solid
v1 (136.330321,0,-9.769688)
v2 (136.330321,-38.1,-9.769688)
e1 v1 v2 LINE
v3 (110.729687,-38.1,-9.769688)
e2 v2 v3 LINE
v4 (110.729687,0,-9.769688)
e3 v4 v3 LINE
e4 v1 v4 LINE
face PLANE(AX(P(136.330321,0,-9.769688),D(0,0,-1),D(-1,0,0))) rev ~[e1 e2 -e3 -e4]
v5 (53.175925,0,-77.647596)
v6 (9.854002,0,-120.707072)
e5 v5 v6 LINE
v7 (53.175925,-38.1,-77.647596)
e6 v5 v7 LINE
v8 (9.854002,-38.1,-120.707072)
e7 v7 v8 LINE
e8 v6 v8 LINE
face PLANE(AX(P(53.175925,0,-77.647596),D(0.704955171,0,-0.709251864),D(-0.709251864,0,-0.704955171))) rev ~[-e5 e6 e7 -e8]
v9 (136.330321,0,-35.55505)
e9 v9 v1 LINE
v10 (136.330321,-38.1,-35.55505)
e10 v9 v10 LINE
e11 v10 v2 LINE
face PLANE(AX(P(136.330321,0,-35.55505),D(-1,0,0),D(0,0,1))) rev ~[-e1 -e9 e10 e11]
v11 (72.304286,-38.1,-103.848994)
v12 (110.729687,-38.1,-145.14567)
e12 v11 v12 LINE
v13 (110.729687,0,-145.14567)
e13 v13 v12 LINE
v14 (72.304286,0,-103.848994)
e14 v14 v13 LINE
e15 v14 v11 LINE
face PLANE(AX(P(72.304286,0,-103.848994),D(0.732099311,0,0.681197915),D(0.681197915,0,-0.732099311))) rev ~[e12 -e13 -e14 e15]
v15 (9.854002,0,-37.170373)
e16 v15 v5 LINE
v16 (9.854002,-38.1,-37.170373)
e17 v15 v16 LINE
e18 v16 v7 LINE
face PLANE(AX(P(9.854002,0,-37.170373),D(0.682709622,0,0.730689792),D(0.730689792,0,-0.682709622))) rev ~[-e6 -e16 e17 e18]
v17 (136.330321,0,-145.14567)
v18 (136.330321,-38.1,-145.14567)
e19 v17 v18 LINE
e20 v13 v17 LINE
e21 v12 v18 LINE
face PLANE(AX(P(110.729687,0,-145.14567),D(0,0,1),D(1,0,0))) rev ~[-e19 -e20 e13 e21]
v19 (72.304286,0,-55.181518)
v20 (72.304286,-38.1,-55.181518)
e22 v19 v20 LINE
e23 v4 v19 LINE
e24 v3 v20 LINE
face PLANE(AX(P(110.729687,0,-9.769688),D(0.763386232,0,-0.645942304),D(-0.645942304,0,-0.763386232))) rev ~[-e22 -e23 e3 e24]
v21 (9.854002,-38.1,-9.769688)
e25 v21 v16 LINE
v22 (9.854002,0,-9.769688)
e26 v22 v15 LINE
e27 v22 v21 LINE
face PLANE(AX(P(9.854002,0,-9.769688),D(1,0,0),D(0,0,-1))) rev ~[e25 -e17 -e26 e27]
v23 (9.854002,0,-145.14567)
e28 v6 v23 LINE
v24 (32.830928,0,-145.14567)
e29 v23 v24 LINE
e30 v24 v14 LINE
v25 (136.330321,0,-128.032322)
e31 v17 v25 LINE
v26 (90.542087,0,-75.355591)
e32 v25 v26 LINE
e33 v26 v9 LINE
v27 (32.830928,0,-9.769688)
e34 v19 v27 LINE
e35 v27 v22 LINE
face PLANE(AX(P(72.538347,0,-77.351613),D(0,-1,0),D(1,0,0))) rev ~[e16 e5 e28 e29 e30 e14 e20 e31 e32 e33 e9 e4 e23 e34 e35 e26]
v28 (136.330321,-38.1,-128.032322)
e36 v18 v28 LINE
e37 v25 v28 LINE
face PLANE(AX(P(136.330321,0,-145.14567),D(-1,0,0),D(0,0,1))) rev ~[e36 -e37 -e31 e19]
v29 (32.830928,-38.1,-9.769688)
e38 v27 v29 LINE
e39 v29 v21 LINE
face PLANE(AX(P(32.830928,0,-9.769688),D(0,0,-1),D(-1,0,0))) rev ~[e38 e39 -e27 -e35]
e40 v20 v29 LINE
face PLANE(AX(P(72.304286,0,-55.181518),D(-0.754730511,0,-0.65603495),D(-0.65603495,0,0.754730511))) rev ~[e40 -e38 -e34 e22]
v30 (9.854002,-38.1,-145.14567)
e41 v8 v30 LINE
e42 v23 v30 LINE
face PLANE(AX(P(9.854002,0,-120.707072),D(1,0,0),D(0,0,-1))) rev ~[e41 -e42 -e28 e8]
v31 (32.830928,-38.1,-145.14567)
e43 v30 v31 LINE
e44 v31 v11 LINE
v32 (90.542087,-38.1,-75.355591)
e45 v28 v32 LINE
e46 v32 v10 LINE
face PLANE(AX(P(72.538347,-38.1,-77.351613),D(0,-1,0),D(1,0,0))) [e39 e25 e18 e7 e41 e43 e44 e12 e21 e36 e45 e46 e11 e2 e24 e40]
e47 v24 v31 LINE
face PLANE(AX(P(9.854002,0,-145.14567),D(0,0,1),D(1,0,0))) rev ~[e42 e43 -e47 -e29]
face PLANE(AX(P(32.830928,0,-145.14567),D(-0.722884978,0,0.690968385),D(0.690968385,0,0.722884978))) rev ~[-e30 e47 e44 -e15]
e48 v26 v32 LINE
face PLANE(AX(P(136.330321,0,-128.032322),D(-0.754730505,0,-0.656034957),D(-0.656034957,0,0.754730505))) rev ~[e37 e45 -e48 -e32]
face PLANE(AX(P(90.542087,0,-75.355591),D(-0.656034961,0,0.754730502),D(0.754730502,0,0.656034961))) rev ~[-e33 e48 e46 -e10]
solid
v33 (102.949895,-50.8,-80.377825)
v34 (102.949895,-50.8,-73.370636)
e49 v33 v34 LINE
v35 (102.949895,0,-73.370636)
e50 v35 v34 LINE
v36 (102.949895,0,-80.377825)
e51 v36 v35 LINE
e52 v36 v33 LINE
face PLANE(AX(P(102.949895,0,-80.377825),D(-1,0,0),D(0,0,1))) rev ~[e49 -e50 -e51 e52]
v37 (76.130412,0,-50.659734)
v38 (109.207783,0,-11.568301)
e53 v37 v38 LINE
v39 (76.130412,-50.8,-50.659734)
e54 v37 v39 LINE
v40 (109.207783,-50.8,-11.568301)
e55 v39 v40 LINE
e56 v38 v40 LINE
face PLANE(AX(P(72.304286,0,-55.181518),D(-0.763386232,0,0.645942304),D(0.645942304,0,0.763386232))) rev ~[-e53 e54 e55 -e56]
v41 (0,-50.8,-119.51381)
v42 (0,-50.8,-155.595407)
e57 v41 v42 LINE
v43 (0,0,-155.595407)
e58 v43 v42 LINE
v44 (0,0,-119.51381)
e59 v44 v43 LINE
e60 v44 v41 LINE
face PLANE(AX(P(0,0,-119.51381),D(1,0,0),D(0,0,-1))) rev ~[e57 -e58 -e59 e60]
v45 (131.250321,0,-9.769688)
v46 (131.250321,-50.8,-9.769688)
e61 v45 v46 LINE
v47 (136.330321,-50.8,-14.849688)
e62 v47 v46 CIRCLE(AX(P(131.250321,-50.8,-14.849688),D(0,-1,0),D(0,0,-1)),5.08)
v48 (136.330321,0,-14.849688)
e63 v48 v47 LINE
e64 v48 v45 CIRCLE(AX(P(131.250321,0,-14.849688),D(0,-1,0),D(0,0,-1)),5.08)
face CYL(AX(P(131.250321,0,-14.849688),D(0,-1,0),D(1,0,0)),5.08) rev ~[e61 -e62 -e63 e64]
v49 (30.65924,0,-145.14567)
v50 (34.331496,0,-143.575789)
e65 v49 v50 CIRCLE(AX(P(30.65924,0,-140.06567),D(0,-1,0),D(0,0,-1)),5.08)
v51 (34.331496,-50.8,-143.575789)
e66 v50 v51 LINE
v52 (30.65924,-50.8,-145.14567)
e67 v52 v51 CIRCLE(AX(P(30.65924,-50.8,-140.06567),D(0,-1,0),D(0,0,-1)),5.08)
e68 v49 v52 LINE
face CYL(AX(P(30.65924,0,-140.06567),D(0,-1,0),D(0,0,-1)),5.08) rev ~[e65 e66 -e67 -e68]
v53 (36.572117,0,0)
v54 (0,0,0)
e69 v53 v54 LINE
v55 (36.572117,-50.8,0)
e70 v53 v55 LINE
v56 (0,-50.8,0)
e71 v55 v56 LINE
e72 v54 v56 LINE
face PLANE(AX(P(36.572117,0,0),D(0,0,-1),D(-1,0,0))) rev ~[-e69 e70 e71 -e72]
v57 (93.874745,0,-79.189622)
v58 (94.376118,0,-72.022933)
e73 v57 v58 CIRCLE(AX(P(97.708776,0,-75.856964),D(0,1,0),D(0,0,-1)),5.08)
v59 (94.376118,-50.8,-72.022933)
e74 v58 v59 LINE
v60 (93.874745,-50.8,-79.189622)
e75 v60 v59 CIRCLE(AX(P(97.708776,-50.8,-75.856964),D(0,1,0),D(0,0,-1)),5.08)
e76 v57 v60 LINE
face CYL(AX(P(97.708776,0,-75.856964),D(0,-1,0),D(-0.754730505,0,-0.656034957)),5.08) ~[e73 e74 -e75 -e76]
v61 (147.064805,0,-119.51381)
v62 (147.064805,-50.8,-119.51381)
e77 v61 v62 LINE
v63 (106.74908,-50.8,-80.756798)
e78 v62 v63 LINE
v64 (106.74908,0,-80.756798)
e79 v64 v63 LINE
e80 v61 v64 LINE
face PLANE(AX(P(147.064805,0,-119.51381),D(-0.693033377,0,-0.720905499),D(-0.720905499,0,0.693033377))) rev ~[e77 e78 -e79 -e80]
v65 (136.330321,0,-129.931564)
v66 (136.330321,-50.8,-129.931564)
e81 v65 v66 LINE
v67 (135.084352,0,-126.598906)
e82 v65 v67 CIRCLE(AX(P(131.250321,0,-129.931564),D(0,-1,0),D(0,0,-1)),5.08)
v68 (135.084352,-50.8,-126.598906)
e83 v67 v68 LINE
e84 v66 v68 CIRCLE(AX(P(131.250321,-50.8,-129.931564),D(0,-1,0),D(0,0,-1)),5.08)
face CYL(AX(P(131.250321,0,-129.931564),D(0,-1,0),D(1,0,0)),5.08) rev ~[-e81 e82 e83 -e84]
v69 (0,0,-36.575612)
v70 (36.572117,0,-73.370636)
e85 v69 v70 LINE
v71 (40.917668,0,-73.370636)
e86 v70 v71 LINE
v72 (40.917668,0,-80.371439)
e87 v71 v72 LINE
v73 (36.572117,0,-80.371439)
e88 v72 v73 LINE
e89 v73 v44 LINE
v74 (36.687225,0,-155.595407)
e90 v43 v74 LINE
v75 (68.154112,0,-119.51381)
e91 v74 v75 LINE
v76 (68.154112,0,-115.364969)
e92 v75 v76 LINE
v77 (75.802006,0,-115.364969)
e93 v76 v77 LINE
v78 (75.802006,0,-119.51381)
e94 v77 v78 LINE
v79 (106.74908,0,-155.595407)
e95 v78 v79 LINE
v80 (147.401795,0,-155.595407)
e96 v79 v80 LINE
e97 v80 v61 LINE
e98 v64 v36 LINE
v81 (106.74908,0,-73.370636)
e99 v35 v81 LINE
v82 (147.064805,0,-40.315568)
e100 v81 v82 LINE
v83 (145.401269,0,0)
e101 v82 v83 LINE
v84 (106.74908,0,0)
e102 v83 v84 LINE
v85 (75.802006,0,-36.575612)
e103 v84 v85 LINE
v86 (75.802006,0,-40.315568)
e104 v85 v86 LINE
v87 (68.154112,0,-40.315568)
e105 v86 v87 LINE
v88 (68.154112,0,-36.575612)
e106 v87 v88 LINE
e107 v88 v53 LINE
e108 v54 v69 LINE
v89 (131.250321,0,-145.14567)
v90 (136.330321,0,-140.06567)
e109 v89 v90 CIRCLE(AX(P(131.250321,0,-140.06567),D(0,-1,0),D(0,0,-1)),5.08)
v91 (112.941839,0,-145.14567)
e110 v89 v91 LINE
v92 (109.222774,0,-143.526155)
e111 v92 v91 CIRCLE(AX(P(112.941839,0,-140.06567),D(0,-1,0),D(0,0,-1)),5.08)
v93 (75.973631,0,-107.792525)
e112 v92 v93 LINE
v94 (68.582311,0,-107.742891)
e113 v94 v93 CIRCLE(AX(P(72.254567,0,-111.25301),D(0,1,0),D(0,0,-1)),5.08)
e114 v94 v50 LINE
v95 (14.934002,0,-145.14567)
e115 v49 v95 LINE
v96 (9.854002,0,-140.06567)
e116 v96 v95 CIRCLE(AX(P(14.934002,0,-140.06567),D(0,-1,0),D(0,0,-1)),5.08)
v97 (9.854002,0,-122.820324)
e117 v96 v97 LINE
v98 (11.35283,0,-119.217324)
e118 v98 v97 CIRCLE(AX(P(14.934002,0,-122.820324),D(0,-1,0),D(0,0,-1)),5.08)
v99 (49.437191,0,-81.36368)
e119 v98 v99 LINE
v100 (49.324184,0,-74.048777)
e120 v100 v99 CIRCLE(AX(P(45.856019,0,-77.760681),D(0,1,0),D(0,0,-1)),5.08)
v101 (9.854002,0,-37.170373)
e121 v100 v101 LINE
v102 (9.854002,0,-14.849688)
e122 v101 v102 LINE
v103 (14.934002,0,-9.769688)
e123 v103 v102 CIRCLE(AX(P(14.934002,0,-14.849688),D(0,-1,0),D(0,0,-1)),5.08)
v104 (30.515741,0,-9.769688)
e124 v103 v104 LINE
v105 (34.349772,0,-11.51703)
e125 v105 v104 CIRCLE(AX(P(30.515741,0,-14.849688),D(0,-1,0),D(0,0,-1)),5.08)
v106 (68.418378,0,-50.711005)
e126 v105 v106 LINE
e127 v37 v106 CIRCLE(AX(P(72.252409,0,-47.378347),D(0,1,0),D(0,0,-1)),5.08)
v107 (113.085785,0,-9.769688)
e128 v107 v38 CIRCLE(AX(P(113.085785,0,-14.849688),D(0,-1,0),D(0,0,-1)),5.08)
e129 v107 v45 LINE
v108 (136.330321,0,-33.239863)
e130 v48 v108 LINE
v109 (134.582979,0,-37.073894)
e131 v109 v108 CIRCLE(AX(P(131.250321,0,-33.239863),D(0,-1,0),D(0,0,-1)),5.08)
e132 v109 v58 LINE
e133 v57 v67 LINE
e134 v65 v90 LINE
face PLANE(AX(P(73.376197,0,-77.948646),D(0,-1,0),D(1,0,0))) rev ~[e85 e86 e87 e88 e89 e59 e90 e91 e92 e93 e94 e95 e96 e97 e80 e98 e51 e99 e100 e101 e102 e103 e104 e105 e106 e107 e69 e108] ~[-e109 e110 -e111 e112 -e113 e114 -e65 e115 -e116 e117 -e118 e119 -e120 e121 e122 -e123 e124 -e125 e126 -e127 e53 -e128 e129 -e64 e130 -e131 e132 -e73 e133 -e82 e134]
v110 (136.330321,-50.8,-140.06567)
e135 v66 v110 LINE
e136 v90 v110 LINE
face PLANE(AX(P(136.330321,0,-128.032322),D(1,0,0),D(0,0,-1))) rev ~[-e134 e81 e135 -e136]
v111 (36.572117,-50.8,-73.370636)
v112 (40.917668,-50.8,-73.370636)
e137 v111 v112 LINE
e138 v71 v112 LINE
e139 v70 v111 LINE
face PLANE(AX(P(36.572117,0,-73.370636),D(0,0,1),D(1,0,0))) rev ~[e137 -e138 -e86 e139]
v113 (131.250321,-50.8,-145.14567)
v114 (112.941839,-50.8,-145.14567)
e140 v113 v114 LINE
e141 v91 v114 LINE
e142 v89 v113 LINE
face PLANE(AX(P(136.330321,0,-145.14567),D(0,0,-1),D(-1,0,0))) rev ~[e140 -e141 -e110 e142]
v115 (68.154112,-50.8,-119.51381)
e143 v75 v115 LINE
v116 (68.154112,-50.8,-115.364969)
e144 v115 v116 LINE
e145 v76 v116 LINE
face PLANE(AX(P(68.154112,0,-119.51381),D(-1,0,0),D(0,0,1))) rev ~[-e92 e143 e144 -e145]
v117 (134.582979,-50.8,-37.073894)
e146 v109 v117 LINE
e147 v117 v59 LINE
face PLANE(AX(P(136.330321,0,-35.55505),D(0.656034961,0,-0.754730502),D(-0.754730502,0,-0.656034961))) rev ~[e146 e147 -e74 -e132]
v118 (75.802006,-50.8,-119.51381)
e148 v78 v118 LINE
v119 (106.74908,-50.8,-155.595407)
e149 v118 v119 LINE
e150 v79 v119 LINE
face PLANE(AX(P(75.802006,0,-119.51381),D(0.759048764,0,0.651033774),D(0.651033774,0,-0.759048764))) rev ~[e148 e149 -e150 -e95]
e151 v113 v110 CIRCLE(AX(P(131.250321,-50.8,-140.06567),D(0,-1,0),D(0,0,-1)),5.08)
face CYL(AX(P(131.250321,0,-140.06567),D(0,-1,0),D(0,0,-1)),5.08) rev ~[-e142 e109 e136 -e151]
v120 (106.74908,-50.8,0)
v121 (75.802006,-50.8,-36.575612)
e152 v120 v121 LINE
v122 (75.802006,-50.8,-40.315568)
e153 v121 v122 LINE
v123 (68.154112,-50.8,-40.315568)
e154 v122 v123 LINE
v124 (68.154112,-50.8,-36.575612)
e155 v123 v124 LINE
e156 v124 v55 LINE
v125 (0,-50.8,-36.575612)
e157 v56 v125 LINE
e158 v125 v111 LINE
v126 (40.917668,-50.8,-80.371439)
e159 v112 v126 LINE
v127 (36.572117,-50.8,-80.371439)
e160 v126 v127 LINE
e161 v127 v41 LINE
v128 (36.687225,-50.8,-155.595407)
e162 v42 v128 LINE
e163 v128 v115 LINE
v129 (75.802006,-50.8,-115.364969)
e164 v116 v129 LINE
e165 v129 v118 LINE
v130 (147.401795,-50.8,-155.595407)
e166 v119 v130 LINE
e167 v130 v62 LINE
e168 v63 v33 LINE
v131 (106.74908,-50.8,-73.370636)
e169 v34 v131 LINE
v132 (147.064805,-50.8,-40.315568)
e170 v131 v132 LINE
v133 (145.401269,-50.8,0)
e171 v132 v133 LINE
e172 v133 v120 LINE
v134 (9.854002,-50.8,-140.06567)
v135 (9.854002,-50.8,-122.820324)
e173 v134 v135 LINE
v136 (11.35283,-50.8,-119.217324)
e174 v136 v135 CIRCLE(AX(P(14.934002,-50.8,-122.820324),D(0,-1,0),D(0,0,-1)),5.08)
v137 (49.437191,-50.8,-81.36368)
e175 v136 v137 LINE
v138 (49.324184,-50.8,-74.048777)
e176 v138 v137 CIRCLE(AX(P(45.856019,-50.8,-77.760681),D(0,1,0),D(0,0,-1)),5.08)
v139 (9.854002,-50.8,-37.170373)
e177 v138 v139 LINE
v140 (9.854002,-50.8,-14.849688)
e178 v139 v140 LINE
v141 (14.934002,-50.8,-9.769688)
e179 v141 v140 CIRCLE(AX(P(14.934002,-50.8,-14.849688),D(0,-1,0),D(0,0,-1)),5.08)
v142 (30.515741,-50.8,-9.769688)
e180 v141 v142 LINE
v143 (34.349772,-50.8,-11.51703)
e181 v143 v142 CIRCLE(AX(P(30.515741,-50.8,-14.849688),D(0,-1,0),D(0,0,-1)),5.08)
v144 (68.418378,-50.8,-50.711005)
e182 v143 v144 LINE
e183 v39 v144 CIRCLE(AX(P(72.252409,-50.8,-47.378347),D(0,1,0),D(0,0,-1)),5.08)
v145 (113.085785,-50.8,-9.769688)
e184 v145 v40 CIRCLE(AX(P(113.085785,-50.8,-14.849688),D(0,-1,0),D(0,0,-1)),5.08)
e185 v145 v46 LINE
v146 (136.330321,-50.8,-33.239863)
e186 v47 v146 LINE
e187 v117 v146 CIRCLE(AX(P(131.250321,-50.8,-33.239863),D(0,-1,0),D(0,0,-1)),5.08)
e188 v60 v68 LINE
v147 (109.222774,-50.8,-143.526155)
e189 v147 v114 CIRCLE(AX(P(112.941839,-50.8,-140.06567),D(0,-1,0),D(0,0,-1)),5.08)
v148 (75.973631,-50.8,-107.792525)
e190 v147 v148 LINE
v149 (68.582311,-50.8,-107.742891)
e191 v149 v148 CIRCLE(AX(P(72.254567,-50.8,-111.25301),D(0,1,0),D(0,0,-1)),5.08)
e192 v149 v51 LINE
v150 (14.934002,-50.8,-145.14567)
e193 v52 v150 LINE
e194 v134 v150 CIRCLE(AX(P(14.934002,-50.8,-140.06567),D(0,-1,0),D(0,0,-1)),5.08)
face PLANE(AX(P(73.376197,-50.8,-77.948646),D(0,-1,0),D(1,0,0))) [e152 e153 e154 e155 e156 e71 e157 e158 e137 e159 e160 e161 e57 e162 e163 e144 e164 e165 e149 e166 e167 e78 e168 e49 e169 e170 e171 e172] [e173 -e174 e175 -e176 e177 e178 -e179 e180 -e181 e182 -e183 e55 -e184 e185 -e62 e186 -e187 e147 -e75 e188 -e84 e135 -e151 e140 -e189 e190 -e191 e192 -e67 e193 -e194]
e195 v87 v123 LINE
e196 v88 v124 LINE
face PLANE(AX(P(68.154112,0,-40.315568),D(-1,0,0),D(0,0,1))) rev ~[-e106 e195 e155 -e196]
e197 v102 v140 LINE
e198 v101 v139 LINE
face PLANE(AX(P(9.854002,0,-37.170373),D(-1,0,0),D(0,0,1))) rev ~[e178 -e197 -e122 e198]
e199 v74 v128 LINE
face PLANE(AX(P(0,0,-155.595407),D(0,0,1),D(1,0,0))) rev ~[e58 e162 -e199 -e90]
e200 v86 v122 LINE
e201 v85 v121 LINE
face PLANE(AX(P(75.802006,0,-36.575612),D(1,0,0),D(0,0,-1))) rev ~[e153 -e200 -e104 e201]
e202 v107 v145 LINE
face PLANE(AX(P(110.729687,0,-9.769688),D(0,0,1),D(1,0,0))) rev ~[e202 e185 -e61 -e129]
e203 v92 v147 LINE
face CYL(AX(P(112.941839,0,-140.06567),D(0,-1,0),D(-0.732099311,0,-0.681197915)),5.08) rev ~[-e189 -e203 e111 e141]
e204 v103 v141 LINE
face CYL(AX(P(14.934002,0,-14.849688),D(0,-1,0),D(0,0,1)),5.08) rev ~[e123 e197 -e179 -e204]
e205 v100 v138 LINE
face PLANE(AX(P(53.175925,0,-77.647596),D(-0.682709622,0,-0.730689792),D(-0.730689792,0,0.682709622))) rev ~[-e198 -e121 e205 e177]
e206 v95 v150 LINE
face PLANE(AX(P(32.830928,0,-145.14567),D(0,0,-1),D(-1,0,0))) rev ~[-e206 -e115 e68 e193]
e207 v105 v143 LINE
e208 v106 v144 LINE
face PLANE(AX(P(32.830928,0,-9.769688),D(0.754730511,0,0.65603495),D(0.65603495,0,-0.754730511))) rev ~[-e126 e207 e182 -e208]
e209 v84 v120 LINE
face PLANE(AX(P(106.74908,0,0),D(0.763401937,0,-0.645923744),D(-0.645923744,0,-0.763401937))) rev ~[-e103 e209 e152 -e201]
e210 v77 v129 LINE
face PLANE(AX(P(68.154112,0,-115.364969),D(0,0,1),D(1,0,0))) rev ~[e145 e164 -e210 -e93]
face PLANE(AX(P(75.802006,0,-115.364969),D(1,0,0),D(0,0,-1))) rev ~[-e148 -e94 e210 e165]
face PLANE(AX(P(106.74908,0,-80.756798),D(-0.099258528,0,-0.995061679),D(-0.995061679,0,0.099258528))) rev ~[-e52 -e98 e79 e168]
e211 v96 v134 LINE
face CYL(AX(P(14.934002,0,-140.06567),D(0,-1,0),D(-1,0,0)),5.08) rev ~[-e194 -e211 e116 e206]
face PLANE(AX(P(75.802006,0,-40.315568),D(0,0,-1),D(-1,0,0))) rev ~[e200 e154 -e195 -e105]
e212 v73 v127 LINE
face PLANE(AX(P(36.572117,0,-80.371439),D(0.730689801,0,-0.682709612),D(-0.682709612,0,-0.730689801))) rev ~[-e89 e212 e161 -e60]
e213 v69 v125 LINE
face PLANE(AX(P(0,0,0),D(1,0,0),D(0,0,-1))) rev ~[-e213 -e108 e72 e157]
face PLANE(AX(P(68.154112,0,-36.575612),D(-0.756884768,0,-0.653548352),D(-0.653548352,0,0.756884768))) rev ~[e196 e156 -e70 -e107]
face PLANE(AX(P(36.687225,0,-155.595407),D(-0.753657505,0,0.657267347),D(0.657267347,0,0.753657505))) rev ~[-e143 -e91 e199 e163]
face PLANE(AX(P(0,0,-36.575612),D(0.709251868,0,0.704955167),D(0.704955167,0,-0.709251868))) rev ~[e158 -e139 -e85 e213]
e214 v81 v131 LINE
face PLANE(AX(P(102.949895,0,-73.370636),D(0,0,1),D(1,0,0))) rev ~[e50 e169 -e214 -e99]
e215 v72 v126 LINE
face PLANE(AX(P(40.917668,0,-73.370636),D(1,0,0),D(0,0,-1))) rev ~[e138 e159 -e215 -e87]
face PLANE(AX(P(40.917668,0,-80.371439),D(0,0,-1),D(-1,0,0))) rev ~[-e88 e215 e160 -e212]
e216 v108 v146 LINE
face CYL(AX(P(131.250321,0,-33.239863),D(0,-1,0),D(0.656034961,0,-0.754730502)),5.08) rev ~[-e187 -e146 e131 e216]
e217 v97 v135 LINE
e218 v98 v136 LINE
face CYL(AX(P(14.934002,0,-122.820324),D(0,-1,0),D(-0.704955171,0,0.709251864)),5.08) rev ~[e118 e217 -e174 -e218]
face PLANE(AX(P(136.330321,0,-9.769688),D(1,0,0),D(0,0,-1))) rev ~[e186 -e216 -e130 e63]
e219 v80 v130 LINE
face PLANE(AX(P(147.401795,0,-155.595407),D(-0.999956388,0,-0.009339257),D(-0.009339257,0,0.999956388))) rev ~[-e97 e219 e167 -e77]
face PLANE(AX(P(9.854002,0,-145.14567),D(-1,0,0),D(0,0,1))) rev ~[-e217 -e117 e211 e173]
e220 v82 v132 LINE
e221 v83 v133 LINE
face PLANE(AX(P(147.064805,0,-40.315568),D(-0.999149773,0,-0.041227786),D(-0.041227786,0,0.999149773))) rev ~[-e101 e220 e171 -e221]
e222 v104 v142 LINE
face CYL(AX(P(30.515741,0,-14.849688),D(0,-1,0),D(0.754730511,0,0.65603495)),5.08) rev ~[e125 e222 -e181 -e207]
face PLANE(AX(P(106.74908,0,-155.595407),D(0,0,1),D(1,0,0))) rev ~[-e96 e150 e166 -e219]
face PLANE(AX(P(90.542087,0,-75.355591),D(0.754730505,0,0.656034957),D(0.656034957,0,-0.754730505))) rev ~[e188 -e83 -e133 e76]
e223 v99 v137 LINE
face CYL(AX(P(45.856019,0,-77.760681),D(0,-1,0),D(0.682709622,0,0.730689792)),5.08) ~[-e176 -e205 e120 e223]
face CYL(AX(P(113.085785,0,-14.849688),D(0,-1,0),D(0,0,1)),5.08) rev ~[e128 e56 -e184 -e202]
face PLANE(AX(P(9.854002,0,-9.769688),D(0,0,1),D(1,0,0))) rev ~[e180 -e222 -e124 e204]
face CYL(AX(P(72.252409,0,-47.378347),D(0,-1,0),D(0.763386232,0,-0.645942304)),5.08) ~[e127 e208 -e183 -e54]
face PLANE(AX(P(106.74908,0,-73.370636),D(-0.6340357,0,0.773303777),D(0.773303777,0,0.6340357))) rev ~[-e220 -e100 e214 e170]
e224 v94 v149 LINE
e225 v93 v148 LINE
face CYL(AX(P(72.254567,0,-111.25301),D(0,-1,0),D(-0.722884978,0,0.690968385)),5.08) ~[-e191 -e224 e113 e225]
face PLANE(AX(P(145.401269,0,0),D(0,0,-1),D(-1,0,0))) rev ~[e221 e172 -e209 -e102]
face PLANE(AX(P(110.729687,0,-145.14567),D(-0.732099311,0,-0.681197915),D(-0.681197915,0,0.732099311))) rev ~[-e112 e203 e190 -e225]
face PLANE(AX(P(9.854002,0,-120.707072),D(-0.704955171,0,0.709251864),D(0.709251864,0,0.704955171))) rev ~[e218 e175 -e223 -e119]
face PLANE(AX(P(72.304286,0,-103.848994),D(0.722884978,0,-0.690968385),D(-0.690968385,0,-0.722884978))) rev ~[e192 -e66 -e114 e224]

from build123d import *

# Parameters (mm, degrees)
F1_DEPTH = 50.8
F2_DEPTH = 38.1
F3_R     = 5.08


with BuildPart() as f1:
    # F0 (on Front) → F1 (new body)
    with BuildSketch(Plane.XZ):
        Polygon((36.572117, 0), (0, 0), (0, -36.575612), (36.572117, -73.370636), (40.917668, -73.370636), (40.917668, -80.371439), (36.572117, -80.371439), (0, -119.51381), (0, -155.595407), (36.687225, -155.595407), (68.154112, -119.51381), (68.154112, -115.364969), (75.802006, -115.364969), (75.802006, -119.51381), (106.74908, -155.595407), (147.401795, -155.595407), (147.064805, -119.51381), (106.74908, -80.756798), (102.949895, -80.377825), (102.949895, -73.370636), (106.74908, -73.370636), (147.064805, -40.315568), (145.401269, 0), (106.74908, 0), (75.802006, -36.575612), (75.802006, -40.315568), (68.154112, -40.315568), (68.154112, -36.575612), align=None)
        Polygon((9.854002, -37.170373), (9.854002, -9.769688), (32.830928, -9.769688), (72.304286, -55.181518), (110.729687, -9.769688), (136.330321, -9.769688), (136.330321, -35.55505), (90.542087, -75.355591), (136.330321, -128.032322), (136.330321, -145.14567), (110.729687, -145.14567), (72.304286, -103.848994), (32.830928, -145.14567), (9.854002, -145.14567), (9.854002, -120.707072), (53.175925, -77.647596), align=None, mode=Mode.SUBTRACT)
    extrude(amount=F1_DEPTH)

    # F3
    f3_edges = [f1.edges().sort_by_distance(p)[0] for p in [
        (9.854002, -25.4, -9.769688),
        (32.830928, -25.4, -9.769688),
        (53.175925, -25.4, -77.647596),
        (72.304286, -25.4, -55.181518),
        (110.729687, -25.4, -9.769688),
        (136.330321, -25.4, -9.769688),
        (136.330321, -25.4, -35.55505),
        (90.542087, -25.4, -75.355591),
        (9.854002, -25.4, -120.707072),
        (72.304286, -25.4, -103.848994),
        (110.729687, -25.4, -145.14567),
        (9.854002, -25.4, -145.14567),
        (32.830928, -25.4, -145.14567),
        (136.330321, -25.4, -128.032322),
        (136.330321, -25.4, -145.14567),
    ]]
    fillet(f3_edges, radius=F3_R)


with BuildPart() as f2:
    # F0 (on Front) → F2 (new body)
    with BuildSketch(Plane.XZ):
        Polygon((32.830928, -9.769688), (9.854002, -9.769688), (9.854002, -37.170373), (53.175925, -77.647596), (9.854002, -120.707072), (9.854002, -145.14567), (32.830928, -145.14567), (72.304286, -103.848994), (110.729687, -145.14567), (136.330321, -145.14567), (136.330321, -128.032322), (90.542087, -75.355591), (136.330321, -35.55505), (136.330321, -9.769688), (110.729687, -9.769688), (72.304286, -55.181518), align=None)
    extrude(amount=F2_DEPTH)


solid = Compound([f1.part, f2.part])
